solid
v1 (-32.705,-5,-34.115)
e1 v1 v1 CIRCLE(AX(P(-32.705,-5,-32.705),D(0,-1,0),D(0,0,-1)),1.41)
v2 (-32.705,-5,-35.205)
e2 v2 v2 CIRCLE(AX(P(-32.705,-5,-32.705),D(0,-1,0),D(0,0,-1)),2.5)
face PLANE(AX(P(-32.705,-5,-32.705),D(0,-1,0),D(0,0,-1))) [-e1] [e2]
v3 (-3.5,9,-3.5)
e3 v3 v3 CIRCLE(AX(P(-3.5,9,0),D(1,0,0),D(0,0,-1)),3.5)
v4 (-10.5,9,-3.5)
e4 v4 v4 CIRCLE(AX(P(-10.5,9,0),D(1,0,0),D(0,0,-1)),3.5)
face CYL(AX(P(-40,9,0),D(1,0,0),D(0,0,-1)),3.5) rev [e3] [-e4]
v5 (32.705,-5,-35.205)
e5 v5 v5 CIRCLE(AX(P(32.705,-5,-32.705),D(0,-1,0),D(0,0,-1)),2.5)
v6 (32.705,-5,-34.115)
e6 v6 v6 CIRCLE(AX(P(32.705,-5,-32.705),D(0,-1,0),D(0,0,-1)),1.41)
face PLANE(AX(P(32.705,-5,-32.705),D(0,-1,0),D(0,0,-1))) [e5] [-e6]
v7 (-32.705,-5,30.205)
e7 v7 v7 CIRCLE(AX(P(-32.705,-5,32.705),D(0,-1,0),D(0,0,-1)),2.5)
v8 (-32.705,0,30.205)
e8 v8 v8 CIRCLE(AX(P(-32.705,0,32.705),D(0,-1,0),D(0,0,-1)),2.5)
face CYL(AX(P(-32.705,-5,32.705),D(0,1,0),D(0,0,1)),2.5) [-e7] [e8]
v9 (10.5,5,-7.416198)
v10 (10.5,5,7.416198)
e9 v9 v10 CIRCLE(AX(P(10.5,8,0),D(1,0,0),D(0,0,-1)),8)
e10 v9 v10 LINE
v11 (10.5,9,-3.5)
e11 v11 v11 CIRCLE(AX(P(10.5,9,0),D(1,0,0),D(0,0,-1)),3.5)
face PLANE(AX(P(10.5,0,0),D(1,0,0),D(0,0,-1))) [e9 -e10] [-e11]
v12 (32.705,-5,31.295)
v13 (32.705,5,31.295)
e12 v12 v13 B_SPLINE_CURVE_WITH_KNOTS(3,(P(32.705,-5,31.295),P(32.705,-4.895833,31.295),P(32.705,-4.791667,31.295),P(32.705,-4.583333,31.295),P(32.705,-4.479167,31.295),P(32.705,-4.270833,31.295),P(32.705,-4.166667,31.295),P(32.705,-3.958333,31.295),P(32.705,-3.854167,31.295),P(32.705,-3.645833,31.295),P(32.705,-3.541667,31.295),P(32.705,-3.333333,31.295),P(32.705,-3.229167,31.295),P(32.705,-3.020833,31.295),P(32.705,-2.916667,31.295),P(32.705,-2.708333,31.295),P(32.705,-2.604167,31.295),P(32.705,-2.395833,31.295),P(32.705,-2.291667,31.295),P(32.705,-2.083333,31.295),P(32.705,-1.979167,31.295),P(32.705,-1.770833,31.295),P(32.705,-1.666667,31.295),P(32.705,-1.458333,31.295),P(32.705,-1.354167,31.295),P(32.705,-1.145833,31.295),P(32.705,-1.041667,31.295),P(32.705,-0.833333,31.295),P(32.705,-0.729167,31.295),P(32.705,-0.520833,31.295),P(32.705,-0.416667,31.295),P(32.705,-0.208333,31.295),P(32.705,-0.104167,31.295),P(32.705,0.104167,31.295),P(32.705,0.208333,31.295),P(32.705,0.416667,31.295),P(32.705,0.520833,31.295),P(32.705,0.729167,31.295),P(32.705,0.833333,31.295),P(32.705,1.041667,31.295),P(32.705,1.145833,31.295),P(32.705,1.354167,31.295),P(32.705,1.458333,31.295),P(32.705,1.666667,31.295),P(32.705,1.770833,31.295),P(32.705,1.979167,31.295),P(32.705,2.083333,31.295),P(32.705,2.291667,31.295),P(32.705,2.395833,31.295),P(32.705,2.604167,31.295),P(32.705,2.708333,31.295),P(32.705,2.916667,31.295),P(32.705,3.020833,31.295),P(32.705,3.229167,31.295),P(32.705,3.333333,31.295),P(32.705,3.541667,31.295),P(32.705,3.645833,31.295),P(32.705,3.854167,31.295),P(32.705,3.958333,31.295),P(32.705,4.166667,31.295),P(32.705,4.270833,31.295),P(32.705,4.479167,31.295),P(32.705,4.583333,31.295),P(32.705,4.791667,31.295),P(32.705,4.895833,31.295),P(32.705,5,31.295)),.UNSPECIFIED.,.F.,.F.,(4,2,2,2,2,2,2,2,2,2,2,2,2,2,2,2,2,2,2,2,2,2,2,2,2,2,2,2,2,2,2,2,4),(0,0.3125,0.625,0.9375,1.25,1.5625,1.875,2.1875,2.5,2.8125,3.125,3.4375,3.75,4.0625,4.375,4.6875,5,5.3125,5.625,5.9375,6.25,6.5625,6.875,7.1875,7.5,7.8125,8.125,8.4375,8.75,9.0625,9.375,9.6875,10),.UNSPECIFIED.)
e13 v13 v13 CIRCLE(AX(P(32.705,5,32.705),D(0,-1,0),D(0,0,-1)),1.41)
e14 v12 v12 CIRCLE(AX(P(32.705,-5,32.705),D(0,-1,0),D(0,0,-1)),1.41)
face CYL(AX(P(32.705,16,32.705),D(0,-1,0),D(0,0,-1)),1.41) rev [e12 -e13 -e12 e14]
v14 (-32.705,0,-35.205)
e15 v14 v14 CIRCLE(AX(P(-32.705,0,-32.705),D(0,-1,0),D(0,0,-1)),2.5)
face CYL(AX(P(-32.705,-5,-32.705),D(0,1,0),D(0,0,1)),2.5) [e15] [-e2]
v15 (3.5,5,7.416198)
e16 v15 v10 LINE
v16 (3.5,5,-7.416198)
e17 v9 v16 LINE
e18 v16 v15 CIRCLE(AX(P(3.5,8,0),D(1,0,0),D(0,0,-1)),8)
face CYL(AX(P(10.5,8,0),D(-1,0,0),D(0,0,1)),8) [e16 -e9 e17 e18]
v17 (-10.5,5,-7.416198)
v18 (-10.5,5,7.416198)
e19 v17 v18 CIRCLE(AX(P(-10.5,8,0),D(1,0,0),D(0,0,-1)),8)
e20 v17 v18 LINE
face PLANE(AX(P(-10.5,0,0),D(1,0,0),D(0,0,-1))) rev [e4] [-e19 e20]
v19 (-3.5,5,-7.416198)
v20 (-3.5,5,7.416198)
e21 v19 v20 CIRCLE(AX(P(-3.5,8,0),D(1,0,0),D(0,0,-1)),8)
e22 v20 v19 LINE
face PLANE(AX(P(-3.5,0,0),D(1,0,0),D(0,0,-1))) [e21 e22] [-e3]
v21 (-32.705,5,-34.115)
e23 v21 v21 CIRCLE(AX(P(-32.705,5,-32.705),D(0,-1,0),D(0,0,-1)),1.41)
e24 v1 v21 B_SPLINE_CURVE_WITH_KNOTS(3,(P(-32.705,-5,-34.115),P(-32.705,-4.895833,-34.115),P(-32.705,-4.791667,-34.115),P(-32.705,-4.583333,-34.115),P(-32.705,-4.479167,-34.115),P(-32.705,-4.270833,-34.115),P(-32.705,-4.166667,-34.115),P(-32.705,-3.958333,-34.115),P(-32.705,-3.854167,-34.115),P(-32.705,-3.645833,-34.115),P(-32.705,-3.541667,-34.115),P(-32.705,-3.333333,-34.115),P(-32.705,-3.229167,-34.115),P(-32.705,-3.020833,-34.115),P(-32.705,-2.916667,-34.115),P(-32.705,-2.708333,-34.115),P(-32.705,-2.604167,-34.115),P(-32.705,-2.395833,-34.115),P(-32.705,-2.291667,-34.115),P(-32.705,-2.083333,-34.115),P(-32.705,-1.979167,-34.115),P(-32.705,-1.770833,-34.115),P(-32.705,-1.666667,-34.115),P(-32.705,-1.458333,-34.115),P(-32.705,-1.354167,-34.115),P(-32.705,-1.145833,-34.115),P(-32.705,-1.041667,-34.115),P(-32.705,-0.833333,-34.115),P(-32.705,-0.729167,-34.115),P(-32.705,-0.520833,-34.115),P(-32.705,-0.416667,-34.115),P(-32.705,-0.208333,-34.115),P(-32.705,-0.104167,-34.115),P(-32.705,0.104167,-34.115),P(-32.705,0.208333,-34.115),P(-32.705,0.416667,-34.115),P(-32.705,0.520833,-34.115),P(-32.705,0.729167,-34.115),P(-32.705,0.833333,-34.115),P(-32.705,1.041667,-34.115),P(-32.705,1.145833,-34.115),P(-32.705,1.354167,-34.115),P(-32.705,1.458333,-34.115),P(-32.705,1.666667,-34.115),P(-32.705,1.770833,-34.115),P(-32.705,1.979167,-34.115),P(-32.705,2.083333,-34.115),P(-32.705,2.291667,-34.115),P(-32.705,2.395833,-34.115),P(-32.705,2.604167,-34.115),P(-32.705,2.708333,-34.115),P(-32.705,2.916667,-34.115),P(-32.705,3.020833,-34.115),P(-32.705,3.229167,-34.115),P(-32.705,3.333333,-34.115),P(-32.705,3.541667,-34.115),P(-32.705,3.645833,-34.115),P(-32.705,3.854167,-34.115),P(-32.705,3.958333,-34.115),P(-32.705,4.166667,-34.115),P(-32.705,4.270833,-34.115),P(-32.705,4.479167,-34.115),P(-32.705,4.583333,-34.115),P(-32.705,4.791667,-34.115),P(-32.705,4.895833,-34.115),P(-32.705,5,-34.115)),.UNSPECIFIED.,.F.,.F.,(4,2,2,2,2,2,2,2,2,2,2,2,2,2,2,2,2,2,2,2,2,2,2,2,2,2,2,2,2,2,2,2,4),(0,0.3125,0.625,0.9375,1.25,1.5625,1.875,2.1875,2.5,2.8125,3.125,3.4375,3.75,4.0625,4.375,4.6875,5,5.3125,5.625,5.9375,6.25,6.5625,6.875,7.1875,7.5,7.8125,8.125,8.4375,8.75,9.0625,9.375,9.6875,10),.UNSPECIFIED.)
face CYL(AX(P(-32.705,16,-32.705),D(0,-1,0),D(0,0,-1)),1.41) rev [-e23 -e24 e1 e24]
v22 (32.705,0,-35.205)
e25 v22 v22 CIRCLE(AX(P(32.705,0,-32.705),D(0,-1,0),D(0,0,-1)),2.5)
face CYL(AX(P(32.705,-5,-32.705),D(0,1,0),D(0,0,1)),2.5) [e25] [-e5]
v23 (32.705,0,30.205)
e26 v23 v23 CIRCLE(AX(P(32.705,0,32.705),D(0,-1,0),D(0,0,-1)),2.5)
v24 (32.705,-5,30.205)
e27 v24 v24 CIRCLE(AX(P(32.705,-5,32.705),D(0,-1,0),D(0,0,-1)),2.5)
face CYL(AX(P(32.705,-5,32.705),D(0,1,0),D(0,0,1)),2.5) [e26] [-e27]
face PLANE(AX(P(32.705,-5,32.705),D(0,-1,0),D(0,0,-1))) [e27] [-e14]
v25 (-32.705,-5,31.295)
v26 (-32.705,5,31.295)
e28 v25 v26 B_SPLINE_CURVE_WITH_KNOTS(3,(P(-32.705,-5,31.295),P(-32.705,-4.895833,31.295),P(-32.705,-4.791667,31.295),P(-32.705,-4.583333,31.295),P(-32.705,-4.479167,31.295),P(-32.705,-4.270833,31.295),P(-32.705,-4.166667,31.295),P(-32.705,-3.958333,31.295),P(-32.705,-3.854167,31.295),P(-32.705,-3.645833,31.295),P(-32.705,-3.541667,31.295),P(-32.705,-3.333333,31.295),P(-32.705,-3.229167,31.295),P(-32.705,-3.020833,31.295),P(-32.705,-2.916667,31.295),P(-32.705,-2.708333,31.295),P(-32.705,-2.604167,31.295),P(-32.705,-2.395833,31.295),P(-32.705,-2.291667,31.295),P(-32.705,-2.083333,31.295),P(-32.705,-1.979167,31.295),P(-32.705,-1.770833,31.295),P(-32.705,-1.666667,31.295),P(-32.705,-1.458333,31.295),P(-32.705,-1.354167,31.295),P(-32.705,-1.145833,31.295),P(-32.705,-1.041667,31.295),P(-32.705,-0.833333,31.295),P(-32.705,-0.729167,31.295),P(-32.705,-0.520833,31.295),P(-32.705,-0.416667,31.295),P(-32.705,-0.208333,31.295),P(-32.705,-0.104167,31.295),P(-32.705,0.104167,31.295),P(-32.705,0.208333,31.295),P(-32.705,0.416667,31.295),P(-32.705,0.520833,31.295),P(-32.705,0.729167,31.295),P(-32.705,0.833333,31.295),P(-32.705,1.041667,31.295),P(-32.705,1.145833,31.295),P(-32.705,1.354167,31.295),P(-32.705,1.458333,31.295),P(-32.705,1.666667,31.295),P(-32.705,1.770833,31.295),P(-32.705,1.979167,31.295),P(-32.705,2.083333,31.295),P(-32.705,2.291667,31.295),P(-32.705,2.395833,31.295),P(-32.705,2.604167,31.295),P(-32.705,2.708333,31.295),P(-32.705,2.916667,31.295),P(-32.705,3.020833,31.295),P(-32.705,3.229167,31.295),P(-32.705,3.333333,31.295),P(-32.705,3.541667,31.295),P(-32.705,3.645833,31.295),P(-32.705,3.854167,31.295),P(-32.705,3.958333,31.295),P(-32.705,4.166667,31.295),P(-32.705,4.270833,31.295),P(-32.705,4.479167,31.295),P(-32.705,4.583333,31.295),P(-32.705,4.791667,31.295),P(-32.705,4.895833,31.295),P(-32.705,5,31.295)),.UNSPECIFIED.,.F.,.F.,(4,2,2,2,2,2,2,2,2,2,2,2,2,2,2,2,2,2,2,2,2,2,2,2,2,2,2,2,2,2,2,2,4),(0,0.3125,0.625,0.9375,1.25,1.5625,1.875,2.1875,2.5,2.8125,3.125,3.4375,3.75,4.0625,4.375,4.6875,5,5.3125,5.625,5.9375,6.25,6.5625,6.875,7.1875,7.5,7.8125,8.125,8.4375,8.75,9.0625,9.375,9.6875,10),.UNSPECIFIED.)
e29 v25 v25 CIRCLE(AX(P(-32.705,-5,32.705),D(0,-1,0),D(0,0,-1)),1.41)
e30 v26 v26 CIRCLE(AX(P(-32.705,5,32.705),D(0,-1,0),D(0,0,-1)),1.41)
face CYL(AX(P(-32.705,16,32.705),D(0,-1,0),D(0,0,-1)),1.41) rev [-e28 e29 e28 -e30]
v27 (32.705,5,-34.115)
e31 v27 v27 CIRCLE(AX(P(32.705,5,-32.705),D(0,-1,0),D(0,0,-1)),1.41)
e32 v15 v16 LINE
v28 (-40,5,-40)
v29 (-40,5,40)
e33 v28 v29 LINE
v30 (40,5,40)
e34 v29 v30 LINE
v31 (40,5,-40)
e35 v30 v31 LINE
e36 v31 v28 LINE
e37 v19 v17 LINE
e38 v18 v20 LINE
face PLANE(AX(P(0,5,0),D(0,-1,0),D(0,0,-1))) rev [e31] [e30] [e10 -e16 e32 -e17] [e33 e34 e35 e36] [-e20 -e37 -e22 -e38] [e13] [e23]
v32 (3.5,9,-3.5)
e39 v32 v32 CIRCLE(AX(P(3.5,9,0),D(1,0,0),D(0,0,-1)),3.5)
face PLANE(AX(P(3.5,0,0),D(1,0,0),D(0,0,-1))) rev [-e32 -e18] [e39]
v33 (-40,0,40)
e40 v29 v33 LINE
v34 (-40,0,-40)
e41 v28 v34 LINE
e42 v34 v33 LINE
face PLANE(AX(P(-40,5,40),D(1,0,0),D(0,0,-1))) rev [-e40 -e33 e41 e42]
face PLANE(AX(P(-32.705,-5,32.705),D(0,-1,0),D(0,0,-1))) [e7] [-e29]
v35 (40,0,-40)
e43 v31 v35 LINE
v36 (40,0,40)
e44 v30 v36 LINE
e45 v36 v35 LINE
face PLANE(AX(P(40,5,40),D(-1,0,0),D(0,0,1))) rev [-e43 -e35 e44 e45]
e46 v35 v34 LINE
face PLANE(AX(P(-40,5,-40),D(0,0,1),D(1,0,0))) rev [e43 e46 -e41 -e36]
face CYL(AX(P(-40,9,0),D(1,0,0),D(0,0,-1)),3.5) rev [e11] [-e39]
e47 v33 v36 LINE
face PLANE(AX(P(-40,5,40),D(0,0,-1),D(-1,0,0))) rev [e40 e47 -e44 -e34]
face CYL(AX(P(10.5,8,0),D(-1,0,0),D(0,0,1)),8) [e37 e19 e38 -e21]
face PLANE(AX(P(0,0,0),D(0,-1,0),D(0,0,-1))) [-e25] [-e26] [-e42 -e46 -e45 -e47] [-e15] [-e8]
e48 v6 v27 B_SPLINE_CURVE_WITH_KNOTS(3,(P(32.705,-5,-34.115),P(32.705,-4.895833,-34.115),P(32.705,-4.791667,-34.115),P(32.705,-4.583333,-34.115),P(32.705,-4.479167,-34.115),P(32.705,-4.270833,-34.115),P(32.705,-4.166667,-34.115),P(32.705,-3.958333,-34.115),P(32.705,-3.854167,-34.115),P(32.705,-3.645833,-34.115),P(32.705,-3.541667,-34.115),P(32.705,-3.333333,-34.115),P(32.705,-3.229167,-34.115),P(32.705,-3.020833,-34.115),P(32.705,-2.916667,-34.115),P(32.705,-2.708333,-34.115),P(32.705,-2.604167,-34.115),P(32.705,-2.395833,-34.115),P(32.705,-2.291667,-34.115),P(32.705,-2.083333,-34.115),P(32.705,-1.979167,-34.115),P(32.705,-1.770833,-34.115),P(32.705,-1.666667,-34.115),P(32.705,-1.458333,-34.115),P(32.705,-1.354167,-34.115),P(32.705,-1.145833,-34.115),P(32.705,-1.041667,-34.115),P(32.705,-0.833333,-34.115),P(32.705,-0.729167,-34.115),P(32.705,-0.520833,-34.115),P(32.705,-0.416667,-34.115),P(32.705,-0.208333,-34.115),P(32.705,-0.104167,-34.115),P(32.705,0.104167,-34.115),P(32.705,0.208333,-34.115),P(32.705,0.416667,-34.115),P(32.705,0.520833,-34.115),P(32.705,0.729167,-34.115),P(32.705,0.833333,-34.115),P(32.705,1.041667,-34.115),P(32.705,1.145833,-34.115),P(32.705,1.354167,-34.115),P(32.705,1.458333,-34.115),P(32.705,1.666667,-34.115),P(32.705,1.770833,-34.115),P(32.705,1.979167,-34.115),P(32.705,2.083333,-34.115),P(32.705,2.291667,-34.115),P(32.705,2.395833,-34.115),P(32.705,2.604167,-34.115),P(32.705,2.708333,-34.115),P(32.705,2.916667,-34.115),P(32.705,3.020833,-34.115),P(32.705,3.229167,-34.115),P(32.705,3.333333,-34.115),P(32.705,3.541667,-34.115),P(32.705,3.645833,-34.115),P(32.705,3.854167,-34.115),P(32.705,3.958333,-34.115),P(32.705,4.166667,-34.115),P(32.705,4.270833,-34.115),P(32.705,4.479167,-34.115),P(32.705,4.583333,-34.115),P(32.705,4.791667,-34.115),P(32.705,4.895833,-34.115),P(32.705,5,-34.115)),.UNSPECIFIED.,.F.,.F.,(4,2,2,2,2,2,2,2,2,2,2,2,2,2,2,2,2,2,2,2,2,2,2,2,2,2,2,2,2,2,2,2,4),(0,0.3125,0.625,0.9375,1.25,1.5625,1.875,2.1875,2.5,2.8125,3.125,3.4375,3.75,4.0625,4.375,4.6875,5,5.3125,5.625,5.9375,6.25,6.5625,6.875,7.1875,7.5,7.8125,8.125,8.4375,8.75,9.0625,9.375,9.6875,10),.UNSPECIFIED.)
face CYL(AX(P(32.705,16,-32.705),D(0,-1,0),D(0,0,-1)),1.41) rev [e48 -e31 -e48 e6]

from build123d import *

# Parameters (mm, degrees)
SKETCH2_W           = 80
SKETCH2_H           = 80
BOSS_EXTRUDE1_DEPTH = 5
SKETCH3_R           = 8
BOSS_EXTRUDE2_DEPTH = 10.5
CUT_EXTRUDE3_DEPTH  = 3.5
SKETCH8_R           = 3.5
CUT_EXTRUDE5_DEPTH  = 67.379590237
SKETCH9_R           = 2.5
BOSS_EXTRUDE3_DEPTH = 5
SKETCH10_R          = 1.41
CUT_EXTRUDE6_DEPTH  = 61.340699366


with BuildPart() as part:
    # Sketch2 → Boss-Extrude1 (new body)
    with BuildSketch(Plane(origin=(0, 0, 0), x_dir=(1, 0, 0), z_dir=(0, 1, 0))):
        Rectangle(SKETCH2_W, SKETCH2_H)
    extrude(amount=BOSS_EXTRUDE1_DEPTH)

    # Sketch3 → Boss-Extrude2 (add, symmetric)
    with BuildSketch(Plane(origin=(0, 0, 0), x_dir=(0, 0, -1), z_dir=(1, 0, 0))):
        with Locations((0, 8)):
            Circle(SKETCH3_R)
    extrude(amount=BOSS_EXTRUDE2_DEPTH, both=True)

    # Sketch4 → Cut-Extrude3 (cut, symmetric)
    with BuildSketch(Plane(origin=(0, 0, 0), x_dir=(0, 0, -1), z_dir=(1, 0, 0))):
        Polygon((-114.767025478, 5), (-7.416198487, 5), (7.416198487, 5), (114.767025478, 5), (114.767025478, 219.701653982), (-114.767025478, 219.701653982), align=None)
    extrude(amount=CUT_EXTRUDE3_DEPTH, both=True, mode=Mode.SUBTRACT)

    # Sketch8 → Cut-Extrude5 (cut, through all)
    with BuildSketch(Plane(origin=(10.5, 0, 0), x_dir=(0, 0, -1), z_dir=(1, 0, 0))):
        with Locations((0, 9)):
            Circle(SKETCH8_R)
    extrude(amount=-CUT_EXTRUDE5_DEPTH, mode=Mode.SUBTRACT)

    # Sketch9 → Boss-Extrude3 (add)
    with BuildSketch(Plane.XZ):
        with Locations(Location((-32.705, 32.705, 0), (0, 0, 270))):
            Circle(SKETCH9_R)
        with Locations(Location((32.705, 32.705, 0), (0, 0, 270))):
            Circle(SKETCH9_R)
        with Locations(Location((-32.705, -32.705, 0), (0, 0, 270))):
            Circle(SKETCH9_R)
        with Locations(Location((32.705, -32.705, 0), (0, 0, 270))):
            Circle(SKETCH9_R)
    extrude(amount=BOSS_EXTRUDE3_DEPTH)

    # Sketch10 → Cut-Extrude6 (cut, through all)
    with BuildSketch(Plane.XZ.offset(5)):
        with Locations(Location((-32.705, -32.705, 0), (0, 0, 270))):
            Circle(SKETCH10_R)
        with Locations(Location((-32.705, 32.705, 0), (0, 0, 270))):
            Circle(SKETCH10_R)
        with Locations(Location((32.705, 32.705, 0), (0, 0, 270))):
            Circle(SKETCH10_R)
        with Locations(Location((32.705, -32.705, 0), (0, 0, 270))):
            Circle(SKETCH10_R)
    extrude(amount=-CUT_EXTRUDE6_DEPTH, mode=Mode.SUBTRACT)


solid = part.part
